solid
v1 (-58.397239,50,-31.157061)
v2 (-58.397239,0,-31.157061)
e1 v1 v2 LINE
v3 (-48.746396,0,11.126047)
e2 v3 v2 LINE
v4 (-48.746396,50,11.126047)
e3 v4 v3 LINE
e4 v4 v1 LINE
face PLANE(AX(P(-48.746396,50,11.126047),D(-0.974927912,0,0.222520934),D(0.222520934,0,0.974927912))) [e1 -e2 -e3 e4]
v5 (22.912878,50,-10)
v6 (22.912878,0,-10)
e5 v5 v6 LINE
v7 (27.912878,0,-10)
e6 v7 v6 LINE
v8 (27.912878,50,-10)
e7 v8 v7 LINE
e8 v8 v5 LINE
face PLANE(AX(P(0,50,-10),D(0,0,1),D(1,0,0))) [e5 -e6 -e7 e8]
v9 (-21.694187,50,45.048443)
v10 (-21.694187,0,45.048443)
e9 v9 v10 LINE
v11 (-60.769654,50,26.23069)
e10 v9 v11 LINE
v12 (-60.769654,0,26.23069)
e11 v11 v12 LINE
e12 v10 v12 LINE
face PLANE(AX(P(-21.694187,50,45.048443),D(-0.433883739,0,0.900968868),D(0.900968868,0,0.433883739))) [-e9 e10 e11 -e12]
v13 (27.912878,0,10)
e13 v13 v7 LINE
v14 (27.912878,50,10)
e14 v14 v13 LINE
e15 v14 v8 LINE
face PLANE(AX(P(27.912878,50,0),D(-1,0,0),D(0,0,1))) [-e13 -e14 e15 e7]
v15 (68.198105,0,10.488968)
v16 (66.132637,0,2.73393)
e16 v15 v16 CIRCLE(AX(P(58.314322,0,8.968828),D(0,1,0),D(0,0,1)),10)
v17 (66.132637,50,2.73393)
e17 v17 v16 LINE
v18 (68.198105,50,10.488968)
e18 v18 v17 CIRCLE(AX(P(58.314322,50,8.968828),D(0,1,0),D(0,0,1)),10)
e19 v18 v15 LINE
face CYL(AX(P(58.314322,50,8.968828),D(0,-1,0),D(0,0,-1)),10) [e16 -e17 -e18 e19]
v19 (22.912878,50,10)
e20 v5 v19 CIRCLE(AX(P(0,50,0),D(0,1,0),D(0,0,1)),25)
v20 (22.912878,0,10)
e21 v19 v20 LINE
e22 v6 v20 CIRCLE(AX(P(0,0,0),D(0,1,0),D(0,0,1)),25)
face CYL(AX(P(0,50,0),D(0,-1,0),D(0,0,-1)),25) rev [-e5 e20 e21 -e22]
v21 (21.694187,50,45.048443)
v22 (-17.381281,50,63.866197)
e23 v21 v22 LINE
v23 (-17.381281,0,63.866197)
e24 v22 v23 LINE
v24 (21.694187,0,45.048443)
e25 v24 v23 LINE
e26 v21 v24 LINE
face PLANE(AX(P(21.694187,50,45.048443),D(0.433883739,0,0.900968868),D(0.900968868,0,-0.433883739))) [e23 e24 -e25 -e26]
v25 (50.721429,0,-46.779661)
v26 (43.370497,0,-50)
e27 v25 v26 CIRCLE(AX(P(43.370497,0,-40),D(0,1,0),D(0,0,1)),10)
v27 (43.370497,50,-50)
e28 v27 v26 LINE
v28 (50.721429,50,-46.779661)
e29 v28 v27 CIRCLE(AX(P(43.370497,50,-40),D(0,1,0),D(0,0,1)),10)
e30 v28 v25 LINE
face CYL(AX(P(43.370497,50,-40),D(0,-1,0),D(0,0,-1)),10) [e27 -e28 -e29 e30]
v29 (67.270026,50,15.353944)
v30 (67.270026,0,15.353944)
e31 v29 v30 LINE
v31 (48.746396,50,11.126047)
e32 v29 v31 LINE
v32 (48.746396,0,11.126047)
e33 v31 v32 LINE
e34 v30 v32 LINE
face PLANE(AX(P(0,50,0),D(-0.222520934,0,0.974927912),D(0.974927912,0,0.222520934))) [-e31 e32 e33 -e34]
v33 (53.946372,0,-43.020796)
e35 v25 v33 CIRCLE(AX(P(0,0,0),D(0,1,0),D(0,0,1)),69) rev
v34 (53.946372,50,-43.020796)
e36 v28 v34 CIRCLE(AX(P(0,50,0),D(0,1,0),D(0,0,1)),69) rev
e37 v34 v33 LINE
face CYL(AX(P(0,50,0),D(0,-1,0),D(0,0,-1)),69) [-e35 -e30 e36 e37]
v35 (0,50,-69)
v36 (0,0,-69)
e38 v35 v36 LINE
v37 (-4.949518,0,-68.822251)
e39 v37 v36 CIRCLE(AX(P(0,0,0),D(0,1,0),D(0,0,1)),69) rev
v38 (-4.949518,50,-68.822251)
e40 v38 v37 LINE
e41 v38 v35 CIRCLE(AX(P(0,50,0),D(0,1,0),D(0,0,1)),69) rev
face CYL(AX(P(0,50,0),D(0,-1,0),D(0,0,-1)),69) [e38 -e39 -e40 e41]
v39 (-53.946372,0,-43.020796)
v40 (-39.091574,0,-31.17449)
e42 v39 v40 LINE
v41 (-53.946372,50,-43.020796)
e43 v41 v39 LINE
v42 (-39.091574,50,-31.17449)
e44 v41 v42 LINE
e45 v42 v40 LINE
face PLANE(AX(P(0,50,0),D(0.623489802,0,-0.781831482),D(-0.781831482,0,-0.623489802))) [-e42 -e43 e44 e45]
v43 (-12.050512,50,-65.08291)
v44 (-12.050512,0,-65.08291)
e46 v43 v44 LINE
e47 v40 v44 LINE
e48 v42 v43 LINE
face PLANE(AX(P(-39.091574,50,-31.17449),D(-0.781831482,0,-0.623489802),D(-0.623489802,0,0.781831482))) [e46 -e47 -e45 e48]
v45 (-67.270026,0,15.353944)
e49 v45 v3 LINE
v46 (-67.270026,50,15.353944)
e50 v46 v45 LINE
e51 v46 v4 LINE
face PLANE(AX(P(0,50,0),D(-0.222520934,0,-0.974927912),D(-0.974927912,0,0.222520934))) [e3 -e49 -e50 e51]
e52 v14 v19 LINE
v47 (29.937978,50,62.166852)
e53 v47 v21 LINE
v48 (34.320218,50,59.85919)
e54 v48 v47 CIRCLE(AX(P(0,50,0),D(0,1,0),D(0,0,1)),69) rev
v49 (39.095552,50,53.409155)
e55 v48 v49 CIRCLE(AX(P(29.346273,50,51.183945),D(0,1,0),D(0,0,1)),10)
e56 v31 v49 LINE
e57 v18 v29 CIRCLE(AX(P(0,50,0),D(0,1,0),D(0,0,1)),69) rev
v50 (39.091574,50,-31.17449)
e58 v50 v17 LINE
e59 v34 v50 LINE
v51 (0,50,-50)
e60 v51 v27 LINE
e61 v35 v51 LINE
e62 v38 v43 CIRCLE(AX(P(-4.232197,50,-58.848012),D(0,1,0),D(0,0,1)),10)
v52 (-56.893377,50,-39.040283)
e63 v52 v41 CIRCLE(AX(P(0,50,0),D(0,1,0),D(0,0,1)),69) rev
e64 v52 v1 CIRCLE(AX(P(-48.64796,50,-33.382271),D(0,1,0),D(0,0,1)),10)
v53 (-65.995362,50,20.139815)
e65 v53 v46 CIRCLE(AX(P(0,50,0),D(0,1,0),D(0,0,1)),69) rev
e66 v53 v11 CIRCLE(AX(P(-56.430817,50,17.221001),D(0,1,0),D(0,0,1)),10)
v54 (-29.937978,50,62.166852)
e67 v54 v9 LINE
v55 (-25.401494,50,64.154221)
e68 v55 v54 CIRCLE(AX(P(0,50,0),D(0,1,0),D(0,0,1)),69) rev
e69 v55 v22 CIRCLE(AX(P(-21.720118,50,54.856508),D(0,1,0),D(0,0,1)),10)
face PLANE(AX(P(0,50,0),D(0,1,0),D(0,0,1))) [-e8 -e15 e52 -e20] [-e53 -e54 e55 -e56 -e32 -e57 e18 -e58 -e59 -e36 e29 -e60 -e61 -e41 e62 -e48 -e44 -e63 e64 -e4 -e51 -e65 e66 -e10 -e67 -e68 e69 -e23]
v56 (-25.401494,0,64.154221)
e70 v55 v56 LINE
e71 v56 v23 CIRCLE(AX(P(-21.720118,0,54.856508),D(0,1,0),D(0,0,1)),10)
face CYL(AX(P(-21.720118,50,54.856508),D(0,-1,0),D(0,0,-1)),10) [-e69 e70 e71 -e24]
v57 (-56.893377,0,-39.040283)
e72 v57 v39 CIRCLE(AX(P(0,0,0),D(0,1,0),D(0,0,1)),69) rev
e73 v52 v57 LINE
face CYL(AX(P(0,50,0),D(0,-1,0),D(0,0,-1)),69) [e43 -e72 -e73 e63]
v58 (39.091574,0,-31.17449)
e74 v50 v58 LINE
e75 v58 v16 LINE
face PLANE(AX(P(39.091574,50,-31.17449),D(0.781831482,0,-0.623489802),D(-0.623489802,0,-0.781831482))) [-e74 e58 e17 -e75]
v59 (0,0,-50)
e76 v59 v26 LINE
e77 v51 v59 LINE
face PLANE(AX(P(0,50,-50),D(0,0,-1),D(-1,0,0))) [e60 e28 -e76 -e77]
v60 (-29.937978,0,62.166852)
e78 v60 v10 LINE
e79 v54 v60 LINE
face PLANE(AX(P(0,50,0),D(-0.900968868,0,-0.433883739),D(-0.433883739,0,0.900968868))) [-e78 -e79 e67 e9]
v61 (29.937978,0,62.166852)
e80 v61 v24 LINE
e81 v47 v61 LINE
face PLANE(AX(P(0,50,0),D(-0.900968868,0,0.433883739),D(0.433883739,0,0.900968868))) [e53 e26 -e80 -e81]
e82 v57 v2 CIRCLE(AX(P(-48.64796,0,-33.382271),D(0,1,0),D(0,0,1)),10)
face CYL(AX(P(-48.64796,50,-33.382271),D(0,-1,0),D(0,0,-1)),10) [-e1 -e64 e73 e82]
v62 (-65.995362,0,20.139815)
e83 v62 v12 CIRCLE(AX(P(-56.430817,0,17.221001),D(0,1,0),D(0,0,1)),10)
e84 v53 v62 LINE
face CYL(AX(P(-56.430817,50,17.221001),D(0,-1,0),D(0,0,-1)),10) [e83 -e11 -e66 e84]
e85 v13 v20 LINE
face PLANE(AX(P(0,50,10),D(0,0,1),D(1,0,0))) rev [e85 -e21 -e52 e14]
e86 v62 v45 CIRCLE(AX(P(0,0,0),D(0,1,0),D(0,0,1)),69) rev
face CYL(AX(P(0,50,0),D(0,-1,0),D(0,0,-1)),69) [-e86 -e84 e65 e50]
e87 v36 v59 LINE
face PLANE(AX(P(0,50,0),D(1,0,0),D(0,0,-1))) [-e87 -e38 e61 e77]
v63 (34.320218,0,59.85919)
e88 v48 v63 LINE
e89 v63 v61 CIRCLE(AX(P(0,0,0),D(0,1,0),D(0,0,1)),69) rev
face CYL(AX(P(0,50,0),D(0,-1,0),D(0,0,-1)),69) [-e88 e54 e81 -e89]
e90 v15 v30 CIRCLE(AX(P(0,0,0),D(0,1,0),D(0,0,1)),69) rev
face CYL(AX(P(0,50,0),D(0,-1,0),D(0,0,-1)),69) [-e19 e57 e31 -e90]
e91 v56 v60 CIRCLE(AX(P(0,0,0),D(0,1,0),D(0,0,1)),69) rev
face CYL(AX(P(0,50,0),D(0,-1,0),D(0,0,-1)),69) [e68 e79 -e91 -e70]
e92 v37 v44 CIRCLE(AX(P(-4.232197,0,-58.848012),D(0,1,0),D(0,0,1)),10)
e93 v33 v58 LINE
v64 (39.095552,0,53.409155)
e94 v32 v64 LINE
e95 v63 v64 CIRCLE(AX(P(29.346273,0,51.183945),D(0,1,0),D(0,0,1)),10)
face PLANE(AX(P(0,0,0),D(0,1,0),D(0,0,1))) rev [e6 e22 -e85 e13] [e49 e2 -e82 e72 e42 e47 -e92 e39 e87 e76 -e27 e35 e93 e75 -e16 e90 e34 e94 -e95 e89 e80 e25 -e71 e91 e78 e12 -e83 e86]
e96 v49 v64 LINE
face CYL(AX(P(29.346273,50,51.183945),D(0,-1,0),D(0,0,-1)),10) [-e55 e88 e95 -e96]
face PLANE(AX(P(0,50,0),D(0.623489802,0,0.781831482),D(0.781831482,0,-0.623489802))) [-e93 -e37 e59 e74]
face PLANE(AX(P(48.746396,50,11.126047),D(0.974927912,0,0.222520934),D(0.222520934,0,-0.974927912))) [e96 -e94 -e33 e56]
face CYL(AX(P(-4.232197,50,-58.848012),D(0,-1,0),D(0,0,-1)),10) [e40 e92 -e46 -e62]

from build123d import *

# Parameters (mm, degrees)
BOSS_EXTRUDE1_DEPTH = 50


with BuildPart() as part:
    # Sketch1 → Boss-Extrude1 (new body)
    with BuildSketch(Plane(origin=(0, 0, 0), x_dir=(1, 0, 0), z_dir=(0, 1, 0))):
        with BuildLine():
            Line((0, 50), (43.370496884, 50))
            ThreePointArc((43.370496884, 50), (47.383188614, 49.159601797), (50.72142856, 46.779661017))
            ThreePointArc((50.72142856, 46.779661017), (52.367636949, 44.929173155), (53.94637229, 43.020796328))
            Line((53.94637229, 43.020796328), (39.091574123, 31.174490093))
            Line((39.091574123, 31.174490093), (66.132636632, -2.733929782))
            ThreePointArc((66.132636632, -2.733929782), (67.977459231, -6.395158214), (68.198105165, -10.488968105))
            ThreePointArc((68.198105165, -10.488968105), (67.777729639, -12.929785961), (67.270025941, -15.353944443))
            Line((67.270025941, -15.353944443), (48.746395609, -11.126046698))
            Line((48.746395609, -11.126046698), (39.095552136, -53.409154676))
            ThreePointArc((39.095552136, -53.409154676), (37.38331656, -57.134233653), (34.320217593, -59.859190308))
            ThreePointArc((34.320217593, -59.859190308), (32.149809497, -61.052352529), (29.937977999, -62.166851885))
            Line((29.937977999, -62.166851885), (21.694186956, -45.048443395))
            Line((21.694186956, -45.048443395), (-17.381280522, -63.866196751))
            ThreePointArc((-17.381280522, -63.866196751), (-21.361225962, -64.850065825), (-25.401493831, -64.154221304))
            ThreePointArc((-25.401493831, -64.154221304), (-27.687572933, -63.201252401), (-29.937977999, -62.166851885))
            Line((-29.937977999, -62.166851885), (-21.694186956, -45.048443395))
            Line((-21.694186956, -45.048443395), (-60.769654434, -26.23069004))
            ThreePointArc((-60.769654434, -26.23069004), (-64.020329644, -23.732475731), (-65.995362305, -20.13981515))
            ThreePointArc((-65.995362305, -20.13981515), (-66.675648221, -17.758320145), (-67.270025941, -15.353944443))
            Line((-67.270025941, -15.353944443), (-48.746395609, -11.126046698))
            Line((-48.746395609, -11.126046698), (-58.397239082, 31.15706128))
            ThreePointArc((-58.397239082, 31.15706128), (-58.470819328, 35.256152643), (-56.893376903, 39.040282589))
            ThreePointArc((-56.893376903, 39.040282589), (-55.455600463, 41.056989384), (-53.94637229, 43.020796328))
            Line((-53.94637229, 43.020796328), (-39.091574123, 31.174490093))
            Line((-39.091574123, 31.174490093), (-12.050511614, 65.082909967))
            ThreePointArc((-12.050511614, 65.082909967), (-8.89158947, 67.696178982), (-4.94951828, 68.822251262))
            ThreePointArc((-4.94951828, 68.822251262), (-2.476354468, 68.955548497), (0, 69))
            Line((0, 69), (0, 50))
        make_face()
        with BuildLine():
            Line((27.912878475, -10), (27.912878475, 10))
            Line((27.912878475, 10), (22.912878475, 10))
            ThreePointArc((22.912878475, 10), (-25, 0), (22.912878475, -10))
            Line((22.912878475, -10), (27.912878475, -10))
        make_face(mode=Mode.SUBTRACT)
    extrude(amount=BOSS_EXTRUDE1_DEPTH)


solid = part.part
